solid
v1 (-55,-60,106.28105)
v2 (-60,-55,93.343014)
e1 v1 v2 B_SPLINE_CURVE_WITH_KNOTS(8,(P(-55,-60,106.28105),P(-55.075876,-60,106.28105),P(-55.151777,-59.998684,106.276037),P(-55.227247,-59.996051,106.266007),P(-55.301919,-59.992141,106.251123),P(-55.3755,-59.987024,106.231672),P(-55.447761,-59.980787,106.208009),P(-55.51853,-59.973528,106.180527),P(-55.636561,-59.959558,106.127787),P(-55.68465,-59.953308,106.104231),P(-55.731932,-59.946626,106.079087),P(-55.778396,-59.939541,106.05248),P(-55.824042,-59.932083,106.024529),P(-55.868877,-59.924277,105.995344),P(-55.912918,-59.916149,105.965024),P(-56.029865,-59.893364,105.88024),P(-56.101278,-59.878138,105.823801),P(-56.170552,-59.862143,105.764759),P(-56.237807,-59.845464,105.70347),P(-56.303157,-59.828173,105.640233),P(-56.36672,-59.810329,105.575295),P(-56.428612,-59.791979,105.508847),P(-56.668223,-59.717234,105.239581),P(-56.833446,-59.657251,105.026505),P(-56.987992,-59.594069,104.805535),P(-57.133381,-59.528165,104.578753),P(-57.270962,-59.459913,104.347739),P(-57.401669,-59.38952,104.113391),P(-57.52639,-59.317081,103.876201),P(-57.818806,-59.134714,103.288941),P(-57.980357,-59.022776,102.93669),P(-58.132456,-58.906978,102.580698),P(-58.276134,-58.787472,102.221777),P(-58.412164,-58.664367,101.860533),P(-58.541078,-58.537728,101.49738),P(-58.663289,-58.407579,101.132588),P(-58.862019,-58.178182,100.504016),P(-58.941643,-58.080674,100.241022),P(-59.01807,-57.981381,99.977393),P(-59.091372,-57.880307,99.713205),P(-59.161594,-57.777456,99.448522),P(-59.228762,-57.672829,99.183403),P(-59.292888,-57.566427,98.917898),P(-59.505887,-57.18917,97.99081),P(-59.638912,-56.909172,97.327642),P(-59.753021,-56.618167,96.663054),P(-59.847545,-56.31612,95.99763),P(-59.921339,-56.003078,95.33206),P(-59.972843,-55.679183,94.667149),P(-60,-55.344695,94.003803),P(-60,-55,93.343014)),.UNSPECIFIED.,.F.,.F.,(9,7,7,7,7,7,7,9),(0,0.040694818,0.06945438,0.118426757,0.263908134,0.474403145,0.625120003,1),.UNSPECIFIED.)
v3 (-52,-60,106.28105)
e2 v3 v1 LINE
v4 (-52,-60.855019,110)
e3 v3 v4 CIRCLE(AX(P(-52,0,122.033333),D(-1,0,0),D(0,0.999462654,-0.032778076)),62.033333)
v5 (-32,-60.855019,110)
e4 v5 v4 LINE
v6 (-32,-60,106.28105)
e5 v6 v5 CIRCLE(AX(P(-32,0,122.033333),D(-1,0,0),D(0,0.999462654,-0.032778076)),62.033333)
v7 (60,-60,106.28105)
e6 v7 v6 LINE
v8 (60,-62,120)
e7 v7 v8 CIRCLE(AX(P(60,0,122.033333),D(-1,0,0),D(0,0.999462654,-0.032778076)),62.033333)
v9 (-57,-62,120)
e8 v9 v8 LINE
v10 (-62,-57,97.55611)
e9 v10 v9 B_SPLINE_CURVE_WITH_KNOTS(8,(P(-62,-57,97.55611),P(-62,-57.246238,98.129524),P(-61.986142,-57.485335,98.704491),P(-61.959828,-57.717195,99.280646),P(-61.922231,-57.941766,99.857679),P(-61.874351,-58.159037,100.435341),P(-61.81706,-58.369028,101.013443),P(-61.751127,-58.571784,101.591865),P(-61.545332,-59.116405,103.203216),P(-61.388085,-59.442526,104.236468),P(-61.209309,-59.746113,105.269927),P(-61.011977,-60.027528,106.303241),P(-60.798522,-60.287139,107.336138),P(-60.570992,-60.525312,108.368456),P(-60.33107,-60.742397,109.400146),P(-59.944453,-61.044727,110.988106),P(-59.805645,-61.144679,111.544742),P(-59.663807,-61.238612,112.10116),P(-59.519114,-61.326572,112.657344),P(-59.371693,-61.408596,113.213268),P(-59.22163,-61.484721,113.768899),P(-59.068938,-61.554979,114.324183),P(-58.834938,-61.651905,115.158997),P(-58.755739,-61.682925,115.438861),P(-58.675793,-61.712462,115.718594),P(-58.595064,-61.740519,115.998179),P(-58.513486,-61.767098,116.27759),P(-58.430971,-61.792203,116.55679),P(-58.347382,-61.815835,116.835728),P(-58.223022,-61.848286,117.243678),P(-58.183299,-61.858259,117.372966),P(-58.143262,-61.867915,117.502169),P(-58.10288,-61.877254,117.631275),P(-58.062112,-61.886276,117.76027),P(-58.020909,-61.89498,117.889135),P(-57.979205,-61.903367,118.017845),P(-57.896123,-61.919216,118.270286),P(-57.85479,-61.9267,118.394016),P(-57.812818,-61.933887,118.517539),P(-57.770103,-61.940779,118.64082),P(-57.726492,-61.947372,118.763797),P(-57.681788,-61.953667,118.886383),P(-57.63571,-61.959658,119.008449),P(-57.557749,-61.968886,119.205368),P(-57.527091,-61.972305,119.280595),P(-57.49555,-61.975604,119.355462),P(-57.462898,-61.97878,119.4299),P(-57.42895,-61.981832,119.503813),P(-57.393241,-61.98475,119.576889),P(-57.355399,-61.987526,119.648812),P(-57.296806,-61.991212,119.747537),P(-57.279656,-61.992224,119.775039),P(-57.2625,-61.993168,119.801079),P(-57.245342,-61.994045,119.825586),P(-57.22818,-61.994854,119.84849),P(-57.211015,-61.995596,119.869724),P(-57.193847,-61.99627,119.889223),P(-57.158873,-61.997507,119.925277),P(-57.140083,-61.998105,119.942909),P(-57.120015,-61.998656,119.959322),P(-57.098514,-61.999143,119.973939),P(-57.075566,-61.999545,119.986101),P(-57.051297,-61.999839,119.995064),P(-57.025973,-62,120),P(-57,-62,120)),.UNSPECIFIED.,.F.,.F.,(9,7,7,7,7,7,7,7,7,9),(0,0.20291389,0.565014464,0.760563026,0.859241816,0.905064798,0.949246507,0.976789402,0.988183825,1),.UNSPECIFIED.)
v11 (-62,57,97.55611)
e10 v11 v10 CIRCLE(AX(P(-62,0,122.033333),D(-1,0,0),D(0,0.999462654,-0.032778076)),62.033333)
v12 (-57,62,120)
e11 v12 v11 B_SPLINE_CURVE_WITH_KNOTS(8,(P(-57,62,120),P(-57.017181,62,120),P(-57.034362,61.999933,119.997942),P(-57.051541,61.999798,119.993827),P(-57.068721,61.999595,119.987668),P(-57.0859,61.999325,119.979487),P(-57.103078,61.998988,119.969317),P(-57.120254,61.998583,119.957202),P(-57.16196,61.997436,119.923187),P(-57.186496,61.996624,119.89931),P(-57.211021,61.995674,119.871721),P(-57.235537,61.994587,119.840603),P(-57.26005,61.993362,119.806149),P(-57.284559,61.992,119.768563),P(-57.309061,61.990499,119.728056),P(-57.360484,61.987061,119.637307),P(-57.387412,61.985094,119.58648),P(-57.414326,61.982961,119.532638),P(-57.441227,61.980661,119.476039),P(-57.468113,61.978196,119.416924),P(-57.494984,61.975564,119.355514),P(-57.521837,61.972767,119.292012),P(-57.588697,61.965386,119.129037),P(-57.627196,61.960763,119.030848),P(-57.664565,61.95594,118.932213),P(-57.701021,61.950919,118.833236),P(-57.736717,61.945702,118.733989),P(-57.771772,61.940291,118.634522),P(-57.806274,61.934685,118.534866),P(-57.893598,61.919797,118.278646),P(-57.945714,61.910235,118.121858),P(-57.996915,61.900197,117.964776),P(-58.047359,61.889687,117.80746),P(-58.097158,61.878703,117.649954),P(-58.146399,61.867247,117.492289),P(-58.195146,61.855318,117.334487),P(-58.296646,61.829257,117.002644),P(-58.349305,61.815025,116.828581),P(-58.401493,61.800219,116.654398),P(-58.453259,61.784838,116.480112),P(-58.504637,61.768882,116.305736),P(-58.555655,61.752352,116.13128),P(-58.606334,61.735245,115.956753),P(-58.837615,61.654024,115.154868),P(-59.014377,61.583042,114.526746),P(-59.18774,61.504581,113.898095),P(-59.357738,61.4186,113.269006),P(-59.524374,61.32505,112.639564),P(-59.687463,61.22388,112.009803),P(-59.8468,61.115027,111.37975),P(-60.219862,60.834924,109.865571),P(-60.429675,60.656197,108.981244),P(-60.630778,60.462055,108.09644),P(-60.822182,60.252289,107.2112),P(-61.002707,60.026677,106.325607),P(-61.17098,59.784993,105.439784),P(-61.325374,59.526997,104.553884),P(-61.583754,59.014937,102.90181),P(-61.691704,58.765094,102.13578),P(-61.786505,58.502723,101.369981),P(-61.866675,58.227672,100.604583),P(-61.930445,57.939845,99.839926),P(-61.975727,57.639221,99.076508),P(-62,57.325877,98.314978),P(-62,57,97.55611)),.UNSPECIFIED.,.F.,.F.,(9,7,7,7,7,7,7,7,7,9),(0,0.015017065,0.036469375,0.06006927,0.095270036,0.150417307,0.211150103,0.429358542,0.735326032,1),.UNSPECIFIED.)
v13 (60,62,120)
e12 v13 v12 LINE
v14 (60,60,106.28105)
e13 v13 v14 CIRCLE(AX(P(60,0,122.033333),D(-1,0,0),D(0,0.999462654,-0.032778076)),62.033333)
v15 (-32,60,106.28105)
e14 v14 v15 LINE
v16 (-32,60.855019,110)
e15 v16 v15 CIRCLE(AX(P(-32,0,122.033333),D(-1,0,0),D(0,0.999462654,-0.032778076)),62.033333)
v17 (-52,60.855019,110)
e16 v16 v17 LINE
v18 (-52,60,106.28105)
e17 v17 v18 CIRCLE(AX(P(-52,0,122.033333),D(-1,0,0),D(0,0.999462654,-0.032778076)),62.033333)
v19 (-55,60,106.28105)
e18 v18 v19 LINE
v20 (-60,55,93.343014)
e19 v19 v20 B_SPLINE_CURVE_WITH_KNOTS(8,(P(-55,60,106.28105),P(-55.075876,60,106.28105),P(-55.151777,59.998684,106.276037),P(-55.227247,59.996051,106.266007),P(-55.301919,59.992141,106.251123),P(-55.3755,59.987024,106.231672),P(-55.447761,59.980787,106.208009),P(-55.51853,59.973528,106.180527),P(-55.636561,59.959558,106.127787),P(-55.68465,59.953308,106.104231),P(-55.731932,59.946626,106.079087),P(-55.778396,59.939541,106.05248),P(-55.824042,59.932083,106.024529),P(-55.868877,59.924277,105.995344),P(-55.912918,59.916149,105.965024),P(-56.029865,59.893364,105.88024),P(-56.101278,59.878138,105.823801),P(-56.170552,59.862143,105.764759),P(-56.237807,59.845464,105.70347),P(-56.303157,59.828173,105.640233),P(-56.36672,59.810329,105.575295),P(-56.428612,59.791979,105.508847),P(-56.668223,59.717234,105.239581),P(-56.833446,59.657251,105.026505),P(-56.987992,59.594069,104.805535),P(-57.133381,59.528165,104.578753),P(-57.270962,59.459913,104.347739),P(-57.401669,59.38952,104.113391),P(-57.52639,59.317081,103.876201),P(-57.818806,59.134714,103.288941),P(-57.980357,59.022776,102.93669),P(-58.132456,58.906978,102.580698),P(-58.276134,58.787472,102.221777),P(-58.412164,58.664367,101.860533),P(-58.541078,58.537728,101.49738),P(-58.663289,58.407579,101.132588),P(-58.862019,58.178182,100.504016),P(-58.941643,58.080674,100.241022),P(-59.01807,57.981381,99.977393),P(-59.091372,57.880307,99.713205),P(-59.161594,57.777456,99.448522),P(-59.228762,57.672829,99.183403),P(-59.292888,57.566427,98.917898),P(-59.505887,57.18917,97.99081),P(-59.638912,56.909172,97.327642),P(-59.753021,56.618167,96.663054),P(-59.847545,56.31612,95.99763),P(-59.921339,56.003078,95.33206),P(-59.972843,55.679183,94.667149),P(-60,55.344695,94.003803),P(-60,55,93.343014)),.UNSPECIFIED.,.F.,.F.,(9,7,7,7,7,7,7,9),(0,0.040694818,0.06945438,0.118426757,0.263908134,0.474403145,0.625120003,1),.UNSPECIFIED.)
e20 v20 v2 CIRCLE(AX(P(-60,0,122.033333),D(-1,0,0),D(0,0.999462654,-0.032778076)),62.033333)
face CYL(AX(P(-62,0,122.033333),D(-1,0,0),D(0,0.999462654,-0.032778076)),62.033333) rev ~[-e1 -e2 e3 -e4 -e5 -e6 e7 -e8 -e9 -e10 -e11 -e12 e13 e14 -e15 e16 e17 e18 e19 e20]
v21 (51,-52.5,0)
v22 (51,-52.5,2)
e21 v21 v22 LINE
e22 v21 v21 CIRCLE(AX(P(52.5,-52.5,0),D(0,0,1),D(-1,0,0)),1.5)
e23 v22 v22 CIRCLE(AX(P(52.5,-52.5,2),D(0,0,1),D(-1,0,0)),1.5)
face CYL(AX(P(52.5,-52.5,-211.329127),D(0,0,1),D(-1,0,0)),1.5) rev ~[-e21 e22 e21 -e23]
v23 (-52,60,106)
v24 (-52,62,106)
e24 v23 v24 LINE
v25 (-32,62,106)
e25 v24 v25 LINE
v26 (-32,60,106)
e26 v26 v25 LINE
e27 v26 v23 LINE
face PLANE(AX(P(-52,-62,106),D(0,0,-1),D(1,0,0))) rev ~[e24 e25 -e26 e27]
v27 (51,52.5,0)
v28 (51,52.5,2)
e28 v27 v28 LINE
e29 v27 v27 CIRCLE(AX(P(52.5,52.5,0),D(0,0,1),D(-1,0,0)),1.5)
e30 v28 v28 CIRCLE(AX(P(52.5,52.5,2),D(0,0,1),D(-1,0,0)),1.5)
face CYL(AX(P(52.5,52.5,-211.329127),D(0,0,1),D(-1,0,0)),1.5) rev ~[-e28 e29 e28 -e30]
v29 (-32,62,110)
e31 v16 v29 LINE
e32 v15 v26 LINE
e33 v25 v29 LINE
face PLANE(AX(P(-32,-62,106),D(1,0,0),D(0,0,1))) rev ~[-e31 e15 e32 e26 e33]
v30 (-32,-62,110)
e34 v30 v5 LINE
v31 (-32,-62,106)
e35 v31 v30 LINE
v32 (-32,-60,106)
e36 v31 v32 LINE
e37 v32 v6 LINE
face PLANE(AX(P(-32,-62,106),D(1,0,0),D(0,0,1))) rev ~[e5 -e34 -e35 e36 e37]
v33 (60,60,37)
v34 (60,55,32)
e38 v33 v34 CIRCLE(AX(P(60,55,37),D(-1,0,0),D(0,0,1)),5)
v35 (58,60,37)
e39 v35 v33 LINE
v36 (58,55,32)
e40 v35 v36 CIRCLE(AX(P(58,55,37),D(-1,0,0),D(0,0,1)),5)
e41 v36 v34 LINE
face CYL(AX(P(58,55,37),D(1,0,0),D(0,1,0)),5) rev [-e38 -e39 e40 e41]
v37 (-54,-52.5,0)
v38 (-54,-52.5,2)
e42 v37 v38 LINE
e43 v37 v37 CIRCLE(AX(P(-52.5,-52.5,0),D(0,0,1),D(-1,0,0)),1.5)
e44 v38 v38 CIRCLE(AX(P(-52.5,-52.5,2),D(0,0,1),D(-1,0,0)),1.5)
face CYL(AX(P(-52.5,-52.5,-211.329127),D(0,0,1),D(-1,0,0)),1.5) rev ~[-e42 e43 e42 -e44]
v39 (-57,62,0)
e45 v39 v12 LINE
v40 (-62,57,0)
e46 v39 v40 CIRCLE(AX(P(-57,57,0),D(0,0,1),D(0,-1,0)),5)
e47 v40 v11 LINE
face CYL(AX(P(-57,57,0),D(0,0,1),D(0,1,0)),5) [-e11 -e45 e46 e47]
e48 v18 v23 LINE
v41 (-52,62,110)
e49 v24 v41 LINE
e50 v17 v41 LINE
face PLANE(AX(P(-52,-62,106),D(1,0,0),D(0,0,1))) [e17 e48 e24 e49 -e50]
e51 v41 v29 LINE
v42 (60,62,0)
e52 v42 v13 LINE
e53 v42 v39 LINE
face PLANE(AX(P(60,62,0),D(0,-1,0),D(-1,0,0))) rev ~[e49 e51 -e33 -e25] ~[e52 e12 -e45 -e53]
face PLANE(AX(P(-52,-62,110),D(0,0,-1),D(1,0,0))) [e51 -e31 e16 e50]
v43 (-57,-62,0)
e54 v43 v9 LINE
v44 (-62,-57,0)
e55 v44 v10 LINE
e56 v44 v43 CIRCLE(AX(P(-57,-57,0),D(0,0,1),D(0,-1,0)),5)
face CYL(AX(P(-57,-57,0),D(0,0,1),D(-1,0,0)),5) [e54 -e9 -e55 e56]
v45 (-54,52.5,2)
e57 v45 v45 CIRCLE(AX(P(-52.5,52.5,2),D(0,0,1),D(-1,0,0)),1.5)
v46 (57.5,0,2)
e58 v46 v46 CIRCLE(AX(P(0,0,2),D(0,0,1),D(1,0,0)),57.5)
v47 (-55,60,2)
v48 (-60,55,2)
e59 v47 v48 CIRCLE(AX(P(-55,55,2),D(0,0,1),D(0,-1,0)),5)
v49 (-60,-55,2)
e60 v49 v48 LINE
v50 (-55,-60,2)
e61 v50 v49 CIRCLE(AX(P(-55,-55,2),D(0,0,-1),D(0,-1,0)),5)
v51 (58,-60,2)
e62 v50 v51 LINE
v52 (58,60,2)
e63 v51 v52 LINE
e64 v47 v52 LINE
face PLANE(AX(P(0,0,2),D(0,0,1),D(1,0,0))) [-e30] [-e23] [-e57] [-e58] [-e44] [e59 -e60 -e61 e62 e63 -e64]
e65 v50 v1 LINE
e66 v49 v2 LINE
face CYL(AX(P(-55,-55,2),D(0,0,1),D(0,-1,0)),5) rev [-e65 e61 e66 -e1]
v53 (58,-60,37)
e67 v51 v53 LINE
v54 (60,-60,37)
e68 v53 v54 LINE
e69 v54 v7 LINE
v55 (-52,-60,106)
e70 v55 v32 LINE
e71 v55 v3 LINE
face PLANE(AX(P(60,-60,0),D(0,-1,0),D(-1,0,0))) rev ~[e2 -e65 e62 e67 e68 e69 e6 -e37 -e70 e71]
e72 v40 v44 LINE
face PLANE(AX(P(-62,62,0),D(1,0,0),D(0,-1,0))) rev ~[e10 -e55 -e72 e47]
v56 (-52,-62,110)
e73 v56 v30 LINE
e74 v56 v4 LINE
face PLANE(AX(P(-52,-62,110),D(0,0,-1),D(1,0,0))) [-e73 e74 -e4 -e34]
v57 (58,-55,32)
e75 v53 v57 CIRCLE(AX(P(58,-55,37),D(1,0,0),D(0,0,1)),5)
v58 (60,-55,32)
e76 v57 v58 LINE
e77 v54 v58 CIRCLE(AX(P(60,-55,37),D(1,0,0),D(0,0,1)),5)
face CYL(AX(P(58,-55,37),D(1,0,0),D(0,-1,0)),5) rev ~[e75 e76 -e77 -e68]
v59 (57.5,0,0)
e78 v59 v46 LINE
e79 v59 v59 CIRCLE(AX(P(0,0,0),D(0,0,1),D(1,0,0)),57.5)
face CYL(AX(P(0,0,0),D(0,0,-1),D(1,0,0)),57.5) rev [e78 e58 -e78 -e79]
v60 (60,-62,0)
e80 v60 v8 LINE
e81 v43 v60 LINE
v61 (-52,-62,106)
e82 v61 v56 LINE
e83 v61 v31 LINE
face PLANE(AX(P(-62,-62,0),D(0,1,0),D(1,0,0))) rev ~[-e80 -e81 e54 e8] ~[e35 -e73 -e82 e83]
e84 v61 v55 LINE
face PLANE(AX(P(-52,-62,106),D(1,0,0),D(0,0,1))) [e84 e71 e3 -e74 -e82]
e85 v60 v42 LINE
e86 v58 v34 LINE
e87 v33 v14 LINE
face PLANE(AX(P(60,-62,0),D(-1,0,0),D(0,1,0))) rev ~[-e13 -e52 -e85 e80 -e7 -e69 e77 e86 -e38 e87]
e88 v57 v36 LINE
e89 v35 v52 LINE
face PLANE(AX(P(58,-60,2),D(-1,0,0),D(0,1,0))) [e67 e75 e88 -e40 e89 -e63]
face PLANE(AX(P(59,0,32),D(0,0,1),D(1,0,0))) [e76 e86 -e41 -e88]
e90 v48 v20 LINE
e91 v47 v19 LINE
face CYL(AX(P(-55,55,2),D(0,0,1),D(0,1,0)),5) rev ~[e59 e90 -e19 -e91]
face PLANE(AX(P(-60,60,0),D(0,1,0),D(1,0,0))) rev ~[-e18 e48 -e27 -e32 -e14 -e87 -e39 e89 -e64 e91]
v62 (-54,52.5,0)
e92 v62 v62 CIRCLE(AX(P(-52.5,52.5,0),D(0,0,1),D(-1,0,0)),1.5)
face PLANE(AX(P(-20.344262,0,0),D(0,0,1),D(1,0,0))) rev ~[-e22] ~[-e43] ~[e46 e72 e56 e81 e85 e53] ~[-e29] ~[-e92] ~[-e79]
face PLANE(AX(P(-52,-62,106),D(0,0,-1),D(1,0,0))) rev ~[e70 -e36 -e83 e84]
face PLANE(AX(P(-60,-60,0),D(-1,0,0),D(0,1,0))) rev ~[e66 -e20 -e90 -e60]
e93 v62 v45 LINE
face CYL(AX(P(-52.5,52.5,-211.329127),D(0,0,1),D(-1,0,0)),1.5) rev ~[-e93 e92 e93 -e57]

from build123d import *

# Parameters (mm, degrees)
F0_W     = 120
F0_H     = 120
F0_R     = 57.5
F1_DEPTH = 2
F2_DEPTH = 120
F3_D     = 3
F5_DEPTH = 122.001
F6_W     = 20
F6_H     = 4
F7_DEPTH = 124.001
F8_W     = 2
F8_H     = 120
F9_DEPTH = 30
F10_R    = 5


with BuildPart() as f1:
    # F0 (on Top) → F1 (new body)
    with BuildSketch(Plane.XY):
        Rectangle(F0_W, F0_H)
        Circle(F0_R, mode=Mode.SUBTRACT)
    extrude(amount=F1_DEPTH)

    # F0 (on Top) → F2 (join)
    with BuildSketch(Plane.XY):
        Polygon((60, -62), (60, -60), (-60, -60), (-60, 60), (60, 60), (60, 62), (-62, 62), (-62, -62), align=None)
    extrude(amount=F2_DEPTH)

    # F3 (through all)
    with Locations(Plane(origin=(0, 0, 0), x_dir=(1, 0, 0), z_dir=(0, 0, -1))):
        with Locations((52.5, 52.5), (52.5, -52.5), (-52.5, -52.5), (-52.5, 52.5)):
            Hole(F3_D / 2)

    # F4 (on face) → F5 (cut, through all)
    with BuildSketch(Plane(origin=(-62, 0, 0), x_dir=(0, -1, 0), z_dir=(-1, 0, 0))):
        with BuildLine():
            Line((62, 120), (-62, 120))
            ThreePointArc((-62, 120), (0, 60), (62, 120))
        make_face()
    extrude(amount=-F5_DEPTH, mode=Mode.SUBTRACT)

    # F6 (on face) → F7 (cut, through all)
    with BuildSketch(Plane.XZ.offset(62)):
        with Locations((-42, 108)):
            Rectangle(F6_W, F6_H)
    extrude(amount=-F7_DEPTH, mode=Mode.SUBTRACT)

    # F8 (on face) → F9 (join)
    with BuildSketch(Plane.XY.offset(2)):
        with Locations((59, 0)):
            Rectangle(F8_W, F8_H)
    extrude(amount=F9_DEPTH)

    # F10
    f10_edges = [f1.edges().sort_by_distance(p)[0] for p in [
        (59, 60, 32),
        (59, -60, 32),
        (-60, -60, 54.140525),
        (-62, -62, 60),
        (-62, 62, 60),
        (-60, 60, 54.140525),
    ]]
    fillet(f10_edges, radius=F10_R)


solid = f1.part
